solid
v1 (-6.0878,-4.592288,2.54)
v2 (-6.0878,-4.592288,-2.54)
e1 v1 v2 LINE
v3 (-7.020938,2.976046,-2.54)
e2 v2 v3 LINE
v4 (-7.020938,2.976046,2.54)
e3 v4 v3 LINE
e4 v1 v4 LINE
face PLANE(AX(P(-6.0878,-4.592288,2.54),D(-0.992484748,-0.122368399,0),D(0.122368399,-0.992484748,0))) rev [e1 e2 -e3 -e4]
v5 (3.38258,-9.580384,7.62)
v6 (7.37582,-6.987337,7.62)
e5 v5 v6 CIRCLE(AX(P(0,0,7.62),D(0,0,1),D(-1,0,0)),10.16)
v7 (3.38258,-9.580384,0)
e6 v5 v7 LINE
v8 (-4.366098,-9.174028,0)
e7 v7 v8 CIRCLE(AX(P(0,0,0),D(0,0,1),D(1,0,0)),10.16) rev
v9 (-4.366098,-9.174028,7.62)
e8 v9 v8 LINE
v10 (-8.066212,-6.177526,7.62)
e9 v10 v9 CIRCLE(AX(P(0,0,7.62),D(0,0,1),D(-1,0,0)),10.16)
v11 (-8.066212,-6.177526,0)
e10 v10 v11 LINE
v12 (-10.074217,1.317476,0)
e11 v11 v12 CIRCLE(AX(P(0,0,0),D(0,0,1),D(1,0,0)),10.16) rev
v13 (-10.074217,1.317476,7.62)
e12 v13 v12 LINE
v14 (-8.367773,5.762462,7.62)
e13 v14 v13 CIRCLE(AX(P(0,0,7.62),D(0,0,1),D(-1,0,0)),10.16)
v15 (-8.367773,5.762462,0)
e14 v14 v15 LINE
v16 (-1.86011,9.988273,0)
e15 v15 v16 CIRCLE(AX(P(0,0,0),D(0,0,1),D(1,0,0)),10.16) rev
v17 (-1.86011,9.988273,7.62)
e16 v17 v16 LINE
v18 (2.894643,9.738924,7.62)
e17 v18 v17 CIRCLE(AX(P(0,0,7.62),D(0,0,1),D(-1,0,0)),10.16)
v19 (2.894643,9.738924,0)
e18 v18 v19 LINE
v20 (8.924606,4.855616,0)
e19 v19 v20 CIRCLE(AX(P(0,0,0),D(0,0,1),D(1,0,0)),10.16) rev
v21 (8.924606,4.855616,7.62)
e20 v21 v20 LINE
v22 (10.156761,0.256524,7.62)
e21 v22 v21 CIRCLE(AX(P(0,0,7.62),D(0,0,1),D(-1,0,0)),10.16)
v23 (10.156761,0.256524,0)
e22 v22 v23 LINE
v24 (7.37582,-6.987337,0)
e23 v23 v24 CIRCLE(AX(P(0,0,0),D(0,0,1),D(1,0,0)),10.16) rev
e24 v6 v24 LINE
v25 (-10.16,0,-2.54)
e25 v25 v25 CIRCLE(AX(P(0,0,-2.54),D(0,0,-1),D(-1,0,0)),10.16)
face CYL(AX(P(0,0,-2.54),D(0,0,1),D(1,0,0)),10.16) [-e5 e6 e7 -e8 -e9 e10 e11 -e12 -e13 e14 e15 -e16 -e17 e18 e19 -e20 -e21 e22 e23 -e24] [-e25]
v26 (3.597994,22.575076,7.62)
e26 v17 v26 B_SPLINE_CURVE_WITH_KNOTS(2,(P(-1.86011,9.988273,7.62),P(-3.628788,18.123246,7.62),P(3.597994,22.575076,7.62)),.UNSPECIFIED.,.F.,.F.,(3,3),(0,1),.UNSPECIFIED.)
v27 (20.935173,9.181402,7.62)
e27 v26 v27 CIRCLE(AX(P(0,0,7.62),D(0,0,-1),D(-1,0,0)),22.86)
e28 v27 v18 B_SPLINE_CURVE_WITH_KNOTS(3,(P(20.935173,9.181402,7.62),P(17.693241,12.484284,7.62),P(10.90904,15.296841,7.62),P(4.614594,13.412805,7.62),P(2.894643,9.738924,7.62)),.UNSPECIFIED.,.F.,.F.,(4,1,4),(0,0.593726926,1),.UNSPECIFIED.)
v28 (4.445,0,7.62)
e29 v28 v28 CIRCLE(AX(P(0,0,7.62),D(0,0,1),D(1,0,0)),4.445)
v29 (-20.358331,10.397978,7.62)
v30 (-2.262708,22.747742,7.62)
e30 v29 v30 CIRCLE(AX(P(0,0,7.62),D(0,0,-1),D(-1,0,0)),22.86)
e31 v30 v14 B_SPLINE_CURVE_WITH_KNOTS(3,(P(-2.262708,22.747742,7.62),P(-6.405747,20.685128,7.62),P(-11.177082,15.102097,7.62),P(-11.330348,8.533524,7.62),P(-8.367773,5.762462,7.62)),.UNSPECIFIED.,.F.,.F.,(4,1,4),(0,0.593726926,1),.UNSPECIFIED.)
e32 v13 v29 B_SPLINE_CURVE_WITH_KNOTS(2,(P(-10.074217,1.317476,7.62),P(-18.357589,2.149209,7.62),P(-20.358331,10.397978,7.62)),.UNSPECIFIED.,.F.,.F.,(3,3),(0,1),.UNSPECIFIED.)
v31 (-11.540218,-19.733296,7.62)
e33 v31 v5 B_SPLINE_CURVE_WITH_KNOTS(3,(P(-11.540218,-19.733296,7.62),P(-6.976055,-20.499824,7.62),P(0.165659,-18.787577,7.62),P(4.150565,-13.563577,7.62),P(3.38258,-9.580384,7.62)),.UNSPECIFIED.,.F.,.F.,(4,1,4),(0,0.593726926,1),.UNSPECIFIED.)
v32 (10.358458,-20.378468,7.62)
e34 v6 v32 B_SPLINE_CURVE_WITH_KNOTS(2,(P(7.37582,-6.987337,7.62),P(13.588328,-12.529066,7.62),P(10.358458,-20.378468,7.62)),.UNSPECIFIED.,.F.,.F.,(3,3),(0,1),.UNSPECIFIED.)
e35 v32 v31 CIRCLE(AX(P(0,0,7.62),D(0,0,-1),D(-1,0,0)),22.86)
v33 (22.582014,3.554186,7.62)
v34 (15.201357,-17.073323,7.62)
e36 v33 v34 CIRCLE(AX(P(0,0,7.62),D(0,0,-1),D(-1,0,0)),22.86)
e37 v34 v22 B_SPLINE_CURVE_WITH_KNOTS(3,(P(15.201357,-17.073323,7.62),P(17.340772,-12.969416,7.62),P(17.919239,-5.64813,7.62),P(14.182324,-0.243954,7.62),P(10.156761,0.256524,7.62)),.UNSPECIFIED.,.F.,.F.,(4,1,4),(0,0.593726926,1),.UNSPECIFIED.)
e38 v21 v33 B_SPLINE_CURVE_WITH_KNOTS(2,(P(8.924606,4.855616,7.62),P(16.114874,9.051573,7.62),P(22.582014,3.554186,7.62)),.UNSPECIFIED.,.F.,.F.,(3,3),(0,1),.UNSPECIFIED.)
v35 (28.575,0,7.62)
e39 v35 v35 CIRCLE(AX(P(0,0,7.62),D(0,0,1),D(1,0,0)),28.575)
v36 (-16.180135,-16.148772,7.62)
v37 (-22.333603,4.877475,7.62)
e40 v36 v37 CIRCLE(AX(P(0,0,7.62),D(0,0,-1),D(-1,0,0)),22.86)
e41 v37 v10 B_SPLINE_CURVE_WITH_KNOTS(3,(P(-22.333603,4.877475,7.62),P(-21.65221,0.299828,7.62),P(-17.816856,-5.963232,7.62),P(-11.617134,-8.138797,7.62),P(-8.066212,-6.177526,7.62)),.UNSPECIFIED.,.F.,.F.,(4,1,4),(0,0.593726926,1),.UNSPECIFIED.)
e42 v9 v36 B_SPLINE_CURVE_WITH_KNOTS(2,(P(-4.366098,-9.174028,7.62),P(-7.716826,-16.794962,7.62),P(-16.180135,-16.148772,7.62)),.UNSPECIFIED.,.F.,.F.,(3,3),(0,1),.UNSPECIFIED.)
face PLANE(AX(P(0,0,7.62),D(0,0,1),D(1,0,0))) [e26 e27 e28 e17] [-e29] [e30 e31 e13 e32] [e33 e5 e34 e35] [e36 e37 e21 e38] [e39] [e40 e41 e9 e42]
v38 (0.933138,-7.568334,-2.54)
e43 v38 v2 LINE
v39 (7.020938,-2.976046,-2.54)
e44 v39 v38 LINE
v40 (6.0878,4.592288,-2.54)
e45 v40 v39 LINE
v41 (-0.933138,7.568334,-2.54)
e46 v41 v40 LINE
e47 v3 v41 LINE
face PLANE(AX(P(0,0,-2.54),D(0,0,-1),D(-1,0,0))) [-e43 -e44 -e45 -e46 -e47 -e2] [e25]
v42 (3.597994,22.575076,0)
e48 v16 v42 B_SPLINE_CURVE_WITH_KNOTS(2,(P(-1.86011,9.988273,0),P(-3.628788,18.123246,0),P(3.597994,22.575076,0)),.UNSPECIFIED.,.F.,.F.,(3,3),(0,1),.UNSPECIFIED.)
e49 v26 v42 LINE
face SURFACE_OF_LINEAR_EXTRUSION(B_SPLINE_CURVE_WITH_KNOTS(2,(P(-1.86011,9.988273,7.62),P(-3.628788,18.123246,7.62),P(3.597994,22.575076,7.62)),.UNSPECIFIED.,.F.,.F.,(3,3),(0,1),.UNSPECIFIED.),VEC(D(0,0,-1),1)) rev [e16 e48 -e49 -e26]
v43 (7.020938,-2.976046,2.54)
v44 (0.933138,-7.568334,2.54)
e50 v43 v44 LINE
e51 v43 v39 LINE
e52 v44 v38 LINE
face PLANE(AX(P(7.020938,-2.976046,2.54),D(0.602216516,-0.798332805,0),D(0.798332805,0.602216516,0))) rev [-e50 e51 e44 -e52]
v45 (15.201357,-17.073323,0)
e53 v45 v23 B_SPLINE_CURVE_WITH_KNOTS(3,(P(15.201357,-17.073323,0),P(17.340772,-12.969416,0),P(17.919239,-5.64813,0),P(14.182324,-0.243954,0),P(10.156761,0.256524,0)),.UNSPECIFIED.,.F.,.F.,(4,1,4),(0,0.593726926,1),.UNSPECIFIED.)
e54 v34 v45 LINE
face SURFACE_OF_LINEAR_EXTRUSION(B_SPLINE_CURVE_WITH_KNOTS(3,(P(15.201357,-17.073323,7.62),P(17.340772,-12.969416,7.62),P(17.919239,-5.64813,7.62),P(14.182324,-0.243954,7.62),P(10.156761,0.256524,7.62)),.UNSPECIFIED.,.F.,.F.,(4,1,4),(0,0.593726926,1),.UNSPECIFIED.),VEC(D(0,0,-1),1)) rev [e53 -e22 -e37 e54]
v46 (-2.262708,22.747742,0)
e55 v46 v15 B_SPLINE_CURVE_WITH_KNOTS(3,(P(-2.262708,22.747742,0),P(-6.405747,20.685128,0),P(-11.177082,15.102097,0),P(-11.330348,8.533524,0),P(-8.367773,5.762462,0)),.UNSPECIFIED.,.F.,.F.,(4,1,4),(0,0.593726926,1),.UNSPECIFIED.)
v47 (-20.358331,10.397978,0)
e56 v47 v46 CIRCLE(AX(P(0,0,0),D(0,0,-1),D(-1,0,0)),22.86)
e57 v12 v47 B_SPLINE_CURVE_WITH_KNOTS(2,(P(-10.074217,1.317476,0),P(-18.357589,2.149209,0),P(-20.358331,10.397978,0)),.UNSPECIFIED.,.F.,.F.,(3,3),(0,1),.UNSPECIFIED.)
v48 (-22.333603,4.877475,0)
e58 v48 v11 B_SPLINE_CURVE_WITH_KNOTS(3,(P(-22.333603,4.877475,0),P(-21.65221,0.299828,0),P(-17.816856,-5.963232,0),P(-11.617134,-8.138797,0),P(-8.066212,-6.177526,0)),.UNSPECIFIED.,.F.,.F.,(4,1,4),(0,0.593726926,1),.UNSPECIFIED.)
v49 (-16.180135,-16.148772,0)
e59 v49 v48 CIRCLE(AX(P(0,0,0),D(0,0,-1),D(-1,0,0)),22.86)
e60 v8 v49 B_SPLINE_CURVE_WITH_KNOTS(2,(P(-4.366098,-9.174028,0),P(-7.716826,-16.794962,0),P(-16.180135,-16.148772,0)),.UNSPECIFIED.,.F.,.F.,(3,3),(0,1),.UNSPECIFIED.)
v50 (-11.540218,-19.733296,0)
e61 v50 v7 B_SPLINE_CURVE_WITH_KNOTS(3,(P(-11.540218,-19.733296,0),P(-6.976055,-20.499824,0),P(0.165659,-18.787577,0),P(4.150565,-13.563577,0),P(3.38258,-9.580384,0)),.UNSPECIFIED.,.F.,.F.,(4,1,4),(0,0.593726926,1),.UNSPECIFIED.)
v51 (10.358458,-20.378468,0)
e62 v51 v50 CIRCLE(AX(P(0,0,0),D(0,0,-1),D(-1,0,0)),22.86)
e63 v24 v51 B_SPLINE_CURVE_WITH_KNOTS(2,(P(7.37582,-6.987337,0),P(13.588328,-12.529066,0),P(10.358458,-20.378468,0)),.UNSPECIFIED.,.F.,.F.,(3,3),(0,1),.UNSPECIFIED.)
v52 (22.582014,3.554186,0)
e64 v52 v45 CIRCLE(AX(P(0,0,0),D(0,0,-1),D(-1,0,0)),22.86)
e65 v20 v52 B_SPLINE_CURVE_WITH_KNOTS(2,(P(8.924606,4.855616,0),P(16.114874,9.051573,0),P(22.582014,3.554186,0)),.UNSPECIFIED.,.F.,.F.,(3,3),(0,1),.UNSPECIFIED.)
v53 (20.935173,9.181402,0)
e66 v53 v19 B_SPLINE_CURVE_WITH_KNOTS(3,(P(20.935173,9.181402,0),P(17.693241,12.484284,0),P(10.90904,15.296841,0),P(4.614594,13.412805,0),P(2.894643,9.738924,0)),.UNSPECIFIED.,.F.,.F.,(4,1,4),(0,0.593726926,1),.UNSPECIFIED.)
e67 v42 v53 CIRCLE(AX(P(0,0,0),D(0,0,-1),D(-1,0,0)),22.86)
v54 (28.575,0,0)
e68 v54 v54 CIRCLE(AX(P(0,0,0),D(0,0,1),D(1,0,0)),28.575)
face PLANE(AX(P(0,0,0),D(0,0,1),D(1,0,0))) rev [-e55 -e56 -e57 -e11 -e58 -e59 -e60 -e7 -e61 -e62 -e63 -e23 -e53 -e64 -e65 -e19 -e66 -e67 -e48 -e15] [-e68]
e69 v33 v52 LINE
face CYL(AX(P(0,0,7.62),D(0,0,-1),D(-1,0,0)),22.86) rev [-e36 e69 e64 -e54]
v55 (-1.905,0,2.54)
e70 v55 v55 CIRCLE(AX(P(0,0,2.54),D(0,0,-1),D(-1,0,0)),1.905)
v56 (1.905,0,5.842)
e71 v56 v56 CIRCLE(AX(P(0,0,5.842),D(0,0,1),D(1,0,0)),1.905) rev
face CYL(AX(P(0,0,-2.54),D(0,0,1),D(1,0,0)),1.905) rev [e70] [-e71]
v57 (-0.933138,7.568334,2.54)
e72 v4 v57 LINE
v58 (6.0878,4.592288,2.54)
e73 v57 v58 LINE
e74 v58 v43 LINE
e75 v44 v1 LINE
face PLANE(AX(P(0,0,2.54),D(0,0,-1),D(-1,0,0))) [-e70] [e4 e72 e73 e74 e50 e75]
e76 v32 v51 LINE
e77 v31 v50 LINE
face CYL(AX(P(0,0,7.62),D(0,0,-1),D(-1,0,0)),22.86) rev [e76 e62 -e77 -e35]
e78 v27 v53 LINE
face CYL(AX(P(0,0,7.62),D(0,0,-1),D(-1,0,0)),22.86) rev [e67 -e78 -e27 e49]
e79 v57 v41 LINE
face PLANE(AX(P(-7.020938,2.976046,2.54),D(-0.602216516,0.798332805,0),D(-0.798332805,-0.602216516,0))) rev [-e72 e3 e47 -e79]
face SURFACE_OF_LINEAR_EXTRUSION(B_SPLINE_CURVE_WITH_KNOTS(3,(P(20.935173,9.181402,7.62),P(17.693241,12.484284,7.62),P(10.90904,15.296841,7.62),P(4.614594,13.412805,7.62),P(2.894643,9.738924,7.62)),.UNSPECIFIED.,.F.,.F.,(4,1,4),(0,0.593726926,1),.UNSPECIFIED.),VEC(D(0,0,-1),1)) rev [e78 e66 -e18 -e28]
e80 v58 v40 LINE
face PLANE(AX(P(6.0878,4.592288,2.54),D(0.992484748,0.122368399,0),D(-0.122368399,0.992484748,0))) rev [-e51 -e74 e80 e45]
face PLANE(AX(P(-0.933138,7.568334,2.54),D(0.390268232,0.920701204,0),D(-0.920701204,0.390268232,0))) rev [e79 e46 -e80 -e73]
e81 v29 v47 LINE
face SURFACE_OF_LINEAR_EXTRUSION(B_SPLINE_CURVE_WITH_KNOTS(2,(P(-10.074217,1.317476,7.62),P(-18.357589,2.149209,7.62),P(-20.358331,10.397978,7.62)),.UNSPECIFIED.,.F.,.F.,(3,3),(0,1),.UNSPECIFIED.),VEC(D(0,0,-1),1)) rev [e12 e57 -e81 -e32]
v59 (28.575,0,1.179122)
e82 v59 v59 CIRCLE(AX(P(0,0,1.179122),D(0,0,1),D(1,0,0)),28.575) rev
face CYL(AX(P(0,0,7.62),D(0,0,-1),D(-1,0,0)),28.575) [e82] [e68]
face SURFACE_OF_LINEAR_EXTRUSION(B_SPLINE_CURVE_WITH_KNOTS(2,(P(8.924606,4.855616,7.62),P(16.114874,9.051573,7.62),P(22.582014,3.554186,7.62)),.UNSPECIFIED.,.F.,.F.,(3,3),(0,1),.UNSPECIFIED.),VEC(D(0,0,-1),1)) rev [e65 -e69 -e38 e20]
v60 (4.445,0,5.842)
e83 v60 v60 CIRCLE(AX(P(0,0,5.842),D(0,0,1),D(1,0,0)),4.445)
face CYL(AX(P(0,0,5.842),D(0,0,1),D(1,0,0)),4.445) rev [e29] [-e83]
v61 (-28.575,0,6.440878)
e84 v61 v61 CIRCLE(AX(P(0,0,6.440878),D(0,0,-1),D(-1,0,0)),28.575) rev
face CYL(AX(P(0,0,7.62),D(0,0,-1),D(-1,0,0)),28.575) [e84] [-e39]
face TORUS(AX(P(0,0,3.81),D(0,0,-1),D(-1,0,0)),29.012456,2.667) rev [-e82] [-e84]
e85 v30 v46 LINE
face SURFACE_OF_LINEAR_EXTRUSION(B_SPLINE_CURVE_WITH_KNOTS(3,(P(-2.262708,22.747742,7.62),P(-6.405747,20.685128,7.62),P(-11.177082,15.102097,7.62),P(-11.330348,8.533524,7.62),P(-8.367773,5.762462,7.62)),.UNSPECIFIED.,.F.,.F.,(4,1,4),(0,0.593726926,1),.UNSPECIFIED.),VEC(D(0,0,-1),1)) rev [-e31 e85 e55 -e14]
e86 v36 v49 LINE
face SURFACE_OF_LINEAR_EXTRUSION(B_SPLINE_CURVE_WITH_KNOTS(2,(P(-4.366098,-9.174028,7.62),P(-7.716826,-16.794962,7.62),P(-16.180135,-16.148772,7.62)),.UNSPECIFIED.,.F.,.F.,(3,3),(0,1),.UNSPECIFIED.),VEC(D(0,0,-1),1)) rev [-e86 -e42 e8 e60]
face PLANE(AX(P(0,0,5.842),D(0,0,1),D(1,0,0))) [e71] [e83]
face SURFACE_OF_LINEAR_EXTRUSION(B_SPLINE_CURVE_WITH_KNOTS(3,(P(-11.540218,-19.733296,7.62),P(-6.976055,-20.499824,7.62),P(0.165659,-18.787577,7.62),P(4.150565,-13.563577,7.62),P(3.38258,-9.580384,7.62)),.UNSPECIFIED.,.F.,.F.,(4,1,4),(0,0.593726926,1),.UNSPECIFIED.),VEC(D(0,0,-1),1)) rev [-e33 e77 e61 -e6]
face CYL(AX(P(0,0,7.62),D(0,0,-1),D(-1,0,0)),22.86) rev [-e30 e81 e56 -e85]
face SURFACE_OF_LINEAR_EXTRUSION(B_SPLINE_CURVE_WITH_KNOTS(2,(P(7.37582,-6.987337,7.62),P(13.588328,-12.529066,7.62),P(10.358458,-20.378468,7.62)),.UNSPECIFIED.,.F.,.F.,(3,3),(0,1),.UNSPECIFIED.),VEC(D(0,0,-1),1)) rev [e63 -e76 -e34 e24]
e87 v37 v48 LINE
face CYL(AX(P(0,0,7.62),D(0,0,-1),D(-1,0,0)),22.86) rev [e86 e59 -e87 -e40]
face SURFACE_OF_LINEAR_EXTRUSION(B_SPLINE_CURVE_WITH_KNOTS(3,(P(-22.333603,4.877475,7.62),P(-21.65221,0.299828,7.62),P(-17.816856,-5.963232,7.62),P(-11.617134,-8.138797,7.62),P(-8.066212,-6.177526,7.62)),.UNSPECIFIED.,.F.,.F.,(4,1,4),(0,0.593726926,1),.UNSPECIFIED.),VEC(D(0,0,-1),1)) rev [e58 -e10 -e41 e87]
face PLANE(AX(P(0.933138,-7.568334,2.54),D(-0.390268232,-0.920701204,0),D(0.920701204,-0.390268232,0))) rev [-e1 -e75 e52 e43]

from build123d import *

# Parameters (mm, degrees)
SKETCH1_R               = 28.575
BOSS_EXTRUDE1_DEPTH     = 7.62
SKETCH3_R               = 2.667
SKETCH5_R               = 10.16
BOSS_EXTRUDE3_DEPTH     = 2.54
CUT_EXTRUDE1_DEPTH      = 2.54
CUT_EXTRUDE1_DEPTH_BACK = 2.54
SKETCH6_R               = 1.905
CUT_EXTRUDE2_DEPTH      = 11.16
CUT_EXTRUDE3_DEPTH      = 8.62
SKETCH8_R               = 4.445
CUT_EXTRUDE4_DEPTH      = 1.778


with BuildPart() as part:
    # Sketch1 → Boss-Extrude1 (new body)
    with BuildSketch(Plane.XY):
        Circle(SKETCH1_R)
    extrude(amount=BOSS_EXTRUDE1_DEPTH)

    # Sketch3 → Cut-Revolve1 (revolve, cut)
    with BuildSketch(Plane(origin=(0, 0, 0), x_dir=(0, 0, -1), z_dir=(1, 0, 0))):
        with Locations((-3.81, 29.012456481)):
            Circle(SKETCH3_R)
    revolve(axis=Axis((0, 0, 0), (0, 0, 1)), mode=Mode.SUBTRACT)

    # Sketch5 → Boss-Extrude3 (add)
    with BuildSketch(Plane(origin=(0, 0, 0), x_dir=(-1, 0, 0), z_dir=(0, 0, -1))):
        Circle(SKETCH5_R)
    extrude(amount=BOSS_EXTRUDE3_DEPTH)

    # Sketch4 → Cut-Extrude1 (cut, two sides)
    with BuildSketch(Plane(origin=(0, 0, 0), x_dir=(-1, 0, 0), z_dir=(0, 0, -1))) as cut_extrude1_sk:
        Polygon((7.020938099, 2.976045958), (0.933137647, 7.568333731), (-6.087800452, 4.592287773), (-7.020938099, -2.976045958), (-0.933137647, -7.568333731), (6.087800452, -4.592287773), align=None)
    extrude(amount=CUT_EXTRUDE1_DEPTH, mode=Mode.SUBTRACT)
    extrude(cut_extrude1_sk.sketch, amount=-CUT_EXTRUDE1_DEPTH_BACK, mode=Mode.SUBTRACT)

    # Sketch6 → Cut-Extrude2 (cut, through all)
    with BuildSketch(Plane.XY.offset(7.62)):
        Circle(SKETCH6_R)
    extrude(amount=-CUT_EXTRUDE2_DEPTH, mode=Mode.SUBTRACT)

    # Sketch7 → Cut-Extrude3 (cut, through all)
    with BuildSketch(Plane(origin=(0, 0, 0), x_dir=(-1, 0, 0), z_dir=(0, 0, -1))):
        with BuildLine():
            ThreePointArc((20.358331305, 10.397977999), (12.886311534, 18.881805397), (2.2627084, 22.747741661))
            add(Edge.make_bspline(
                [(2.2627084, 22.747741661), (6.405747391, 20.68512775), (11.177081783, 15.102097432), (11.330348043, 8.533524003), (8.367773099, 5.762462439)],
                knots=[0, 0, 0, 0, 0.593726926, 1, 1, 1, 1], degree=3))
            ThreePointArc((8.367773099, 5.762462439), (9.485052986, 3.641341765), (10.074217449, 1.317475913))
            add(Edge.make_bspline(
                [(20.358331305, 10.397977999), (18.357588554, 2.14920895), (10.074217449, 1.317475913)],
                knots=[0, 0, 0, 1, 1, 1], degree=2))
        make_face()
        with BuildLine():
            ThreePointArc((16.180135083, -16.14877174), (21.939753321, -6.420811804), (22.333603287, 4.877475189))
            add(Edge.make_bspline(
                [(22.333603287, 4.877475189), (21.652210342, 0.299828208), (17.81685639, -5.963231706), (11.617133708, -8.1387974), (8.066211545, -6.17752631)],
                knots=[0, 0, 0, 0, 0.593726926, 1, 1, 1, 1], degree=3))
            ThreePointArc((8.066211545, -6.17752631), (6.394164379, -7.895584962), (4.366098449, -9.174027705))
            add(Edge.make_bspline(
                [(16.180135083, -16.14877174), (7.716826016, -16.794962128), (4.366098449, -9.174027705)],
                knots=[0, 0, 0, 1, 1, 1], degree=2))
        make_face()
        with BuildLine():
            ThreePointArc((-10.358457881, -20.378467811), (0.673201723, -22.850085327), (11.540217523, -19.733296216))
            add(Edge.make_bspline(
                [(11.540217523, -19.733296216), (6.976054533, -20.499823727), (-0.165658961, -18.787577309), (-4.15056456, -13.563577423), (-3.382580204, -9.580383665)],
                knots=[0, 0, 0, 0, 0.593726926, 1, 1, 1, 1], degree=3))
            ThreePointArc((-3.382580204, -9.580383665), (-5.533242071, -8.521081633), (-7.37582021, -6.987336849))
            add(Edge.make_bspline(
                [(-10.358457881, -20.378467811), (-13.588327791, -12.529066385), (-7.37582021, -6.987336849)],
                knots=[0, 0, 0, 1, 1, 1], degree=2))
        make_face()
        with BuildLine():
            ThreePointArc((-22.582014125, 3.554185994), (-21.523691775, -7.701317574), (-15.201356621, -17.07332296))
            add(Edge.make_bspline(
                [(-15.201356621, -17.07332296), (-17.340771534, -12.969416034), (-17.919239259, -5.648129637), (-14.182323678, -0.243954457), (-10.156761081, 0.25652358)],
                knots=[0, 0, 0, 0, 0.593726926, 1, 1, 1, 1], degree=3))
            ThreePointArc((-10.156761081, 0.25652358), (-9.813896046, 2.629266893), (-8.924606034, 4.855616042))
            add(Edge.make_bspline(
                [(-22.582014125, 3.554185994), (-16.114874441, 9.051573254), (-8.924606034, 4.855616042)],
                knots=[0, 0, 0, 1, 1, 1], degree=2))
        make_face()
        with BuildLine():
            ThreePointArc((-3.597994382, 22.575075557), (-13.975574803, 18.090409308), (-20.935172589, 9.181402325))
            add(Edge.make_bspline(
                [(-20.935172589, 9.181402325), (-17.693240732, 12.484283803), (-10.909039954, 15.29684122), (-4.614593512, 13.412805277), (-2.89464336, 9.738923956)],
                knots=[0, 0, 0, 0, 0.593726926, 1, 1, 1, 1], degree=3))
            ThreePointArc((-2.89464336, 9.738923956), (-0.532079248, 10.146057938), (1.860110345, 9.988272599))
            add(Edge.make_bspline(
                [(-3.597994382, 22.575075557), (3.628787662, 18.123246308), (1.860110345, 9.988272599)],
                knots=[0, 0, 0, 1, 1, 1], degree=2))
        make_face()
    extrude(amount=-CUT_EXTRUDE3_DEPTH, mode=Mode.SUBTRACT)

    # Sketch8 → Cut-Extrude4 (cut)
    with BuildSketch(Plane.XY.offset(7.62)):
        Circle(SKETCH8_R)
    extrude(amount=-CUT_EXTRUDE4_DEPTH, mode=Mode.SUBTRACT)


solid = part.part
